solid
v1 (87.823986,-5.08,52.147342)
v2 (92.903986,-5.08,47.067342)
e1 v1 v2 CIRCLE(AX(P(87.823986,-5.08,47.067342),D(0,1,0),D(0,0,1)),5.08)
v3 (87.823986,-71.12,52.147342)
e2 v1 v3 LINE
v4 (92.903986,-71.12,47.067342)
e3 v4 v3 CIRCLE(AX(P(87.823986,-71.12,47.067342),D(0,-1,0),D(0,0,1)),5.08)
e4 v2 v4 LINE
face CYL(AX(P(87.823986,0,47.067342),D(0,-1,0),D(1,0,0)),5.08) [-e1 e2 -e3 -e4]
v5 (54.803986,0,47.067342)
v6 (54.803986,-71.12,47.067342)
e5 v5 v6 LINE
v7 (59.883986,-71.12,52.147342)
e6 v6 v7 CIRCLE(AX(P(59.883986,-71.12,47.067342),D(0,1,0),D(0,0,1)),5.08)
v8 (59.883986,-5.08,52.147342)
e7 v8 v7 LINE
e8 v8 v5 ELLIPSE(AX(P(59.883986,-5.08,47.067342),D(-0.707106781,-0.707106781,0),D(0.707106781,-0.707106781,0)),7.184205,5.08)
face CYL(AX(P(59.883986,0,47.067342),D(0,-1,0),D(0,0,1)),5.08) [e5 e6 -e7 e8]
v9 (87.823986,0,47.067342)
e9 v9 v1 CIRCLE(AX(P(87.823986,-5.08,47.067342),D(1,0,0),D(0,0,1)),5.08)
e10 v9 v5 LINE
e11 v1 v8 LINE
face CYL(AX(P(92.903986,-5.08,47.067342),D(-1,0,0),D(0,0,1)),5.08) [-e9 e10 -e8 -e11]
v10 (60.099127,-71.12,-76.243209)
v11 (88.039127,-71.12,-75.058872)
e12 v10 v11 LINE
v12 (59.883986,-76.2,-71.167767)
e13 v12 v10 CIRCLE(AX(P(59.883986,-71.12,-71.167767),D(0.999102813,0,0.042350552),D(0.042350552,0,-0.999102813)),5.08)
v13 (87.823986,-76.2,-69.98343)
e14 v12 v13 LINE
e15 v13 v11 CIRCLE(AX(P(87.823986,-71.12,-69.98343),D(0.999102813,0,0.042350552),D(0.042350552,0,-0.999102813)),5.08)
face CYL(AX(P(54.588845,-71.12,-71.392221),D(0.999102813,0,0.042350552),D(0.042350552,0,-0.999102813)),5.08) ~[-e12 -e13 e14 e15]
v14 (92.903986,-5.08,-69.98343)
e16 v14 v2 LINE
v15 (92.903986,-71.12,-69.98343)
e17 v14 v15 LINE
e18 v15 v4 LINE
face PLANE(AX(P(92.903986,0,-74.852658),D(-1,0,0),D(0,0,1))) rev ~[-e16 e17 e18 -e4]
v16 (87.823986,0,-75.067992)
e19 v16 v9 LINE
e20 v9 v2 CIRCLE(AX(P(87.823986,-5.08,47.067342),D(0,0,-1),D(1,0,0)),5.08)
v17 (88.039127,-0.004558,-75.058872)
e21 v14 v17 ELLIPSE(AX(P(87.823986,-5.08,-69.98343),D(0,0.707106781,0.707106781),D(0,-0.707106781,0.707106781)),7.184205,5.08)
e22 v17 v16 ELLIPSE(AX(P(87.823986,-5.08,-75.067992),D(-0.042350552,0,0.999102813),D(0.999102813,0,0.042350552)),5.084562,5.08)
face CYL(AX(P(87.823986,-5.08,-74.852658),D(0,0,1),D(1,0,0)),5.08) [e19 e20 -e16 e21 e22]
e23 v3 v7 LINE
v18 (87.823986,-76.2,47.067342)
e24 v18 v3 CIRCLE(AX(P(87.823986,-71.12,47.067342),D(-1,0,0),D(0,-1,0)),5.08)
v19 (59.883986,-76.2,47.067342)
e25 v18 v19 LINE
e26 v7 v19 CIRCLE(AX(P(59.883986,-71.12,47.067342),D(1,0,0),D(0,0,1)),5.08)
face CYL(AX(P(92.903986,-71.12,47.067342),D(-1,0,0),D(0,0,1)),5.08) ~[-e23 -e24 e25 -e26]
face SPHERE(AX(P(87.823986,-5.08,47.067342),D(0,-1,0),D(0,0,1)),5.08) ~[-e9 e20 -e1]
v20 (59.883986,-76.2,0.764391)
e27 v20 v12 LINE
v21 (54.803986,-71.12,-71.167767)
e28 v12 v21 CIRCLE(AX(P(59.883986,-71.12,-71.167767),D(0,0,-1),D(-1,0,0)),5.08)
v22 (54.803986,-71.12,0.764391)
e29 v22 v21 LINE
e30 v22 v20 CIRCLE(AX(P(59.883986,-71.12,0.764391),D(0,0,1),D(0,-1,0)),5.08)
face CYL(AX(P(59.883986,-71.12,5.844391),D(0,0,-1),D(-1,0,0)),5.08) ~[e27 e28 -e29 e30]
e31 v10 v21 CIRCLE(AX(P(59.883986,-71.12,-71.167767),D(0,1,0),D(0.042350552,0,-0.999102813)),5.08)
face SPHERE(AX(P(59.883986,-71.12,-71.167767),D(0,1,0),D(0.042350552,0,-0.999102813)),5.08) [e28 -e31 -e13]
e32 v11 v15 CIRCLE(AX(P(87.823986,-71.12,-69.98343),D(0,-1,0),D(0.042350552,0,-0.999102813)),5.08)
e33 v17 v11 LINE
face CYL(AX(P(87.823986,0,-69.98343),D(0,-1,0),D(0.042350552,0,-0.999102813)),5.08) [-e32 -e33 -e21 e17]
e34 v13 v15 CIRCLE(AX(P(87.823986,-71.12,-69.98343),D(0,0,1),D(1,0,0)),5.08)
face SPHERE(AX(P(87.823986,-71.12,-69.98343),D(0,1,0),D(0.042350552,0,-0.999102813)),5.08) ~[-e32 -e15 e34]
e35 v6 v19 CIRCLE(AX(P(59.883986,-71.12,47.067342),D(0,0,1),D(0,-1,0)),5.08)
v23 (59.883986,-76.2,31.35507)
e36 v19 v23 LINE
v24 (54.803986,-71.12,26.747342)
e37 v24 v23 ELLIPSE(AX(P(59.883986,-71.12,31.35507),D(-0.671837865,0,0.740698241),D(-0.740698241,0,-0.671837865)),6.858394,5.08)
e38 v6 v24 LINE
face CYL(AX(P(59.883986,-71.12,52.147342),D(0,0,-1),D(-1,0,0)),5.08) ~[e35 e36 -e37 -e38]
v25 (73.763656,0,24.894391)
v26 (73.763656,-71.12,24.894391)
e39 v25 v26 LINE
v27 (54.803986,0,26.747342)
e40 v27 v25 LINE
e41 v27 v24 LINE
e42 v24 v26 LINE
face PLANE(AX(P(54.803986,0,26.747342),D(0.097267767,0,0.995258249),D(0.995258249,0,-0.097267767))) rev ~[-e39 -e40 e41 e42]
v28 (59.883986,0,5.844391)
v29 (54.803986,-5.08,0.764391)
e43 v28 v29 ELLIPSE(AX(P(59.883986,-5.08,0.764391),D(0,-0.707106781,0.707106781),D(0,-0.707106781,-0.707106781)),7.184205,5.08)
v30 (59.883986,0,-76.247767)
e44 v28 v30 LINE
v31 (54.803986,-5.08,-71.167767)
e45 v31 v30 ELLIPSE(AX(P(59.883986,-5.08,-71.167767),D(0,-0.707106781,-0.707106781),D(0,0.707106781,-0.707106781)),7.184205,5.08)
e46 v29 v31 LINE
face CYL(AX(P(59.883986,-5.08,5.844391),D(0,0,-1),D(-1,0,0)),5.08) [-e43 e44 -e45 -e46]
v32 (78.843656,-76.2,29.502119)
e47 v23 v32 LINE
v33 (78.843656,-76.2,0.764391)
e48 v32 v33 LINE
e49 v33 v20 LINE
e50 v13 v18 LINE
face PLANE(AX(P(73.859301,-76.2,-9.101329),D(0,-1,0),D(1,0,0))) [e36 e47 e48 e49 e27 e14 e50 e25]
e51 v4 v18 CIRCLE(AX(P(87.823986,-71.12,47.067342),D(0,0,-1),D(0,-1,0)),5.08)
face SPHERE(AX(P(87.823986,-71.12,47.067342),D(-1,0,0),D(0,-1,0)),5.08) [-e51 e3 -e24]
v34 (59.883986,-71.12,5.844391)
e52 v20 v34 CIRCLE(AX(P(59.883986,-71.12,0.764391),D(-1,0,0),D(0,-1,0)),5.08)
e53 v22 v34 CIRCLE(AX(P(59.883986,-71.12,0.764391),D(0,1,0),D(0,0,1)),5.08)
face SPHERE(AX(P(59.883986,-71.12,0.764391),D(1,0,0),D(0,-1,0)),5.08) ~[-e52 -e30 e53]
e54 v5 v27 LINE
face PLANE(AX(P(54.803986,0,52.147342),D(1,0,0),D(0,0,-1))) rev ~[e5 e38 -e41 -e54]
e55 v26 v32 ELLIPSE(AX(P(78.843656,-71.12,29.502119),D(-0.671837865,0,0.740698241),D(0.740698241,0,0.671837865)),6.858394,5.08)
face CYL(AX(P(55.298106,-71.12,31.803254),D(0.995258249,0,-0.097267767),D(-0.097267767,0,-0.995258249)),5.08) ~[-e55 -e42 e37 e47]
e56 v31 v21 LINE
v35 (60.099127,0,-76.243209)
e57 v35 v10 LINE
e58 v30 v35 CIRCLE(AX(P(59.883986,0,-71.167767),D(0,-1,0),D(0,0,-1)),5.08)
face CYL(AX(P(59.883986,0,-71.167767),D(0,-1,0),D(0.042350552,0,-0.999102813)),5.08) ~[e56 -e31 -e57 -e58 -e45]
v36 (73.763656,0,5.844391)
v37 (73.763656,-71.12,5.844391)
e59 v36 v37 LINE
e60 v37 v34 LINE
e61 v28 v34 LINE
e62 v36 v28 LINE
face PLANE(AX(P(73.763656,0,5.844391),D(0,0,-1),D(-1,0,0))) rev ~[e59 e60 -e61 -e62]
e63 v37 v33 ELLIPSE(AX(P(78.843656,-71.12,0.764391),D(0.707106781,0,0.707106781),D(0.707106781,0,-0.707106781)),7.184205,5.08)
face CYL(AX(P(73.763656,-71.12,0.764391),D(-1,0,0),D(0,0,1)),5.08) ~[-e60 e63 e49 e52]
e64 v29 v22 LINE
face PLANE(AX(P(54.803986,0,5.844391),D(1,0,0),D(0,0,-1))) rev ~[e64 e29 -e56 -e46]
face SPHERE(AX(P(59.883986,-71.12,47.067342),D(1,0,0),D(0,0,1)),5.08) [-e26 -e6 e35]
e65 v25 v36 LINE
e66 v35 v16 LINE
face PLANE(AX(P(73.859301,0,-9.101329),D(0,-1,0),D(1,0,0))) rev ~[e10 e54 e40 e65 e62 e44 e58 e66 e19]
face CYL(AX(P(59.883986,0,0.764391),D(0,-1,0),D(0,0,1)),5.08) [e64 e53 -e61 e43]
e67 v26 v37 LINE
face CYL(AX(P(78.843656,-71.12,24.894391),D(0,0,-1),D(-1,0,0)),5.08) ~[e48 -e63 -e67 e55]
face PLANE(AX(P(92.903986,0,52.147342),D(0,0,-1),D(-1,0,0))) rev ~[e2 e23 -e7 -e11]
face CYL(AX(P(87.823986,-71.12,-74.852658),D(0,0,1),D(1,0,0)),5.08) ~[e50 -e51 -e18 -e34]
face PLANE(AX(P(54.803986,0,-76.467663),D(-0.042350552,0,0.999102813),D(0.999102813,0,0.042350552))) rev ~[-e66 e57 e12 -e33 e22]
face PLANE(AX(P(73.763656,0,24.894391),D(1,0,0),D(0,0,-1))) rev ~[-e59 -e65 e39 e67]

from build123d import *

# Parameters (mm, degrees)
F1_DEPTH = 76.2
F2_R     = 5.08


with BuildPart() as f1:
    # F0 (on Front) → F1 (new body)
    with BuildSketch(Plane.XZ):
        Polygon((54.803986, -76.467663), (92.903986, -74.852658), (92.903986, 52.147342), (54.803986, 52.147342), (54.803986, 26.747342), (73.763656, 24.894391), (73.763656, 5.844391), (54.803986, 5.844391), align=None)
    extrude(amount=F1_DEPTH)

    # F2
    f2_edges = [f1.edges().sort_by_distance(p)[0] for p in [
        (73.853986, -76.2, 52.147342),
        (54.803986, -38.1, 52.147342),
        (73.853986, -76.2, -75.66016),
        (92.903986, -76.2, -11.352658),
        (54.803986, -76.2, 39.447342),
        (64.283821, -76.2, 25.820867),
        (73.763656, -76.2, 15.369391),
        (64.283821, -76.2, 5.844391),
        (54.803986, -76.2, -35.311636),
        (54.803986, -38.1, 5.844391),
        (54.803986, -38.1, -76.467663),
        (54.803986, 0, -35.311636),
        (92.903986, -38.1, 52.147342),
        (73.853986, 0, 52.147342),
        (92.903986, 0, -11.352658),
        (92.903986, -38.1, -74.852658),
    ]]
    fillet(f2_edges, radius=F2_R)


solid = f1.part
